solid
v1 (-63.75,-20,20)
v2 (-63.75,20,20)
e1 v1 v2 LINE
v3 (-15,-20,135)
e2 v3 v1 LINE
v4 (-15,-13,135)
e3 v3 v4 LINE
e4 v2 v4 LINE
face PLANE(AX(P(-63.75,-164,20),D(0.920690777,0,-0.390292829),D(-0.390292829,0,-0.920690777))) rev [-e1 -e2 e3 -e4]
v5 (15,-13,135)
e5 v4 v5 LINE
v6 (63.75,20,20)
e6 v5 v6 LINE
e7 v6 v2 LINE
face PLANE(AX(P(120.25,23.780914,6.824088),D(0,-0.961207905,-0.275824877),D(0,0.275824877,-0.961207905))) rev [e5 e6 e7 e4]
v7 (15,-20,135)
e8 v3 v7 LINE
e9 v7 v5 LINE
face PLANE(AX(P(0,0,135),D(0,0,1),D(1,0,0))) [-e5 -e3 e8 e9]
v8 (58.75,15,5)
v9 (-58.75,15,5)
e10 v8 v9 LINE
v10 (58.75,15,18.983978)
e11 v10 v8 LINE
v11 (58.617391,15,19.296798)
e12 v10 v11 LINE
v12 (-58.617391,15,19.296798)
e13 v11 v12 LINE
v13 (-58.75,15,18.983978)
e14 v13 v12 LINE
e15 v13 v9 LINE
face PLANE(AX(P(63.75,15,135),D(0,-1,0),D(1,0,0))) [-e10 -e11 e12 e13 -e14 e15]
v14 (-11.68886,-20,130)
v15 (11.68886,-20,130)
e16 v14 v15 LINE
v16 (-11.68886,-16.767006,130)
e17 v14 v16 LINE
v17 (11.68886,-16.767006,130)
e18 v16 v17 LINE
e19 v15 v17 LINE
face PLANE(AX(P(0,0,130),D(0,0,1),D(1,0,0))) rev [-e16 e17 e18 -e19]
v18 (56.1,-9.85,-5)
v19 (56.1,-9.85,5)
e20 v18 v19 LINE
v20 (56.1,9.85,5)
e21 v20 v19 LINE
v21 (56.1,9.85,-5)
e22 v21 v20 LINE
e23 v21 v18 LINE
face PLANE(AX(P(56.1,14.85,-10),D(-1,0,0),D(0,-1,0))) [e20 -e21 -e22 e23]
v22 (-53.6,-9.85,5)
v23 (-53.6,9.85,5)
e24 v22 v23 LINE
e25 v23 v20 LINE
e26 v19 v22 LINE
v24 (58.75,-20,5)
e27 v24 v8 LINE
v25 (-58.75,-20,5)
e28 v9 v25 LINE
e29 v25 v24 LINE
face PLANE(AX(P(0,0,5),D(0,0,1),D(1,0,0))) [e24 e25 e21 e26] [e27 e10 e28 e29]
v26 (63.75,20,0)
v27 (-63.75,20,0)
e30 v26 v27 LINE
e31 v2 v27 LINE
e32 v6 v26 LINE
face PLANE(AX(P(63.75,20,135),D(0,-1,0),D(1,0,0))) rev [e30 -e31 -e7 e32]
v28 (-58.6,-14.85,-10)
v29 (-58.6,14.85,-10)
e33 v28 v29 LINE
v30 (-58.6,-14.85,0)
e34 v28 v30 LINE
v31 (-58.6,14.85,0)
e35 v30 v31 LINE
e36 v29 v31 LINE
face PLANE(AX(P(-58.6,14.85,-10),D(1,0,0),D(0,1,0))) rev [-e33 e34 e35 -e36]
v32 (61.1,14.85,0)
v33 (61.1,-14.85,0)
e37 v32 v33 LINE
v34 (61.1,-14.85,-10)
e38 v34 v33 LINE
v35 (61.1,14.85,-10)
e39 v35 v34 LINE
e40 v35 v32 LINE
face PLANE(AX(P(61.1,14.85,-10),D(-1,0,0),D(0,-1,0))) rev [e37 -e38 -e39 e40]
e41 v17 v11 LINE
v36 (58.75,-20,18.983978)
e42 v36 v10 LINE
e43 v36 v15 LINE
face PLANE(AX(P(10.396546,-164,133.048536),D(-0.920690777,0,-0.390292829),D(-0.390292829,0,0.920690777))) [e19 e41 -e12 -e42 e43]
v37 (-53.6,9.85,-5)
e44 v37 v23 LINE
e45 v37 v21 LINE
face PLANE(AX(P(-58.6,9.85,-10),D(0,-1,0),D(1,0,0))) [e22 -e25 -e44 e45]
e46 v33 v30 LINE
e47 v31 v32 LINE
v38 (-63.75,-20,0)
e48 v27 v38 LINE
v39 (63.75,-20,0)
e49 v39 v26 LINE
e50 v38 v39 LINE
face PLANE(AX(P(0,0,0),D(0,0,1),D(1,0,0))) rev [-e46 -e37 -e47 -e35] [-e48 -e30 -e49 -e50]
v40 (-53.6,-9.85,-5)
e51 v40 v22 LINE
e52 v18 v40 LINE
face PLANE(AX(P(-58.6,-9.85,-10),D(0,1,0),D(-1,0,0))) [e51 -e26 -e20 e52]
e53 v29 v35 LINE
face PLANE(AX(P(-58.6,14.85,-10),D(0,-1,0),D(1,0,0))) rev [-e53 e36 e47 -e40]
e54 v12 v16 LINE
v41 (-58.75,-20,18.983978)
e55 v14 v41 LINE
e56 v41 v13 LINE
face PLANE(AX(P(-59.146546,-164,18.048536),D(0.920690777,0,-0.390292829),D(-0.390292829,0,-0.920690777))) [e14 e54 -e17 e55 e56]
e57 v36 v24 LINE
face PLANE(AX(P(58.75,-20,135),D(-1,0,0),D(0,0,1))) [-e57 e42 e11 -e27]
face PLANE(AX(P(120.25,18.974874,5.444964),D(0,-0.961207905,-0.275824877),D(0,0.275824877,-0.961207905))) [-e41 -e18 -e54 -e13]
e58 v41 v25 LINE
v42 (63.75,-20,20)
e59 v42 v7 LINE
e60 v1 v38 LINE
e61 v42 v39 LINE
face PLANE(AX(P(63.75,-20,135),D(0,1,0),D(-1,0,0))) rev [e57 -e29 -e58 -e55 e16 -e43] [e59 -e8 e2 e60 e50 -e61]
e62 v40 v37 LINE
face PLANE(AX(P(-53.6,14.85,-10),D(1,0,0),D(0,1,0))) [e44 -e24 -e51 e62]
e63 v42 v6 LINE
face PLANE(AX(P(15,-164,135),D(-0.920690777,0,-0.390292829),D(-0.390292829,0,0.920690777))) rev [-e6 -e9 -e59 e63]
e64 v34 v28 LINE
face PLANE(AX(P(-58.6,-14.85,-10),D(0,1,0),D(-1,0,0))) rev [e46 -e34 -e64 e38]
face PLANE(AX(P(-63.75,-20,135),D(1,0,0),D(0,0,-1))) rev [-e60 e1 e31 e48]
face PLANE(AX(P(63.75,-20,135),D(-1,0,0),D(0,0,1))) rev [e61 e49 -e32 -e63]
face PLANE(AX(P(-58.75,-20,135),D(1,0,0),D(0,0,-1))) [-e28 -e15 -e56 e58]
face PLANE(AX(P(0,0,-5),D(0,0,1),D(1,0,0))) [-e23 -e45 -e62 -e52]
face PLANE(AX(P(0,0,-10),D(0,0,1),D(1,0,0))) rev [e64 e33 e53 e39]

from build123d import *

# Parameters (mm, degrees)
CROQUIS1_W              = 127.5
CROQUIS1_H              = 40
SALIENTE_EXTRUIR2_DEPTH = 135
CROQUIS3_W              = 119.7
CROQUIS3_H              = 29.7
SALIENTE_EXTRUIR3_DEPTH = 10
CORTAR_EXTRUIR1_DEPTH   = 184
CORTAR_EXTRUIR2_DEPTH   = 184
VACIADO1_T              = -5


with BuildPart() as part:
    # Croquis1 → Saliente-Extruir2 (new body)
    with BuildSketch(Plane.XY):
        Rectangle(CROQUIS1_W, CROQUIS1_H)
    extrude(amount=SALIENTE_EXTRUIR2_DEPTH)

    # Croquis3 → Saliente-Extruir3 (add)
    with BuildSketch(Plane(origin=(0, 0, 0), x_dir=(-1, 0, 0), z_dir=(0, 0, -1))):
        with Locations((-1.25, 0)):
            Rectangle(CROQUIS3_W, CROQUIS3_H)
    extrude(amount=SALIENTE_EXTRUIR3_DEPTH)

    # Croquis4 → Cortar-Extruir1 (cut)
    with BuildSketch(Plane.ZY.offset(63.75)):
        Polygon((135, 20), (20, 20), (135, -13), align=None)
    extrude(amount=-CORTAR_EXTRUIR1_DEPTH, mode=Mode.SUBTRACT)

    # Croquis5 → Cortar-Extruir2 (cut)
    with BuildSketch(Plane(origin=(0, 20, 0), x_dir=(1, 0, 0), z_dir=(0, 1, 0))):
        Polygon((-63.75, -20), (-15, -135), (15, -135), (63.75, -20), (107.189901301, -122.473613325), (58.694004086, -179.25211437), (-87.283869917, -146.849702978), align=None)
    extrude(amount=-CORTAR_EXTRUIR2_DEPTH, mode=Mode.SUBTRACT)

    # Vaciado1
    vaciado1_openings = [part.faces().sort_by_distance(p)[0] for p in [
        (0, -20, 53.411416263),
    ]]
    offset(amount=VACIADO1_T, openings=vaciado1_openings, kind=Kind.INTERSECTION)


solid = part.part
